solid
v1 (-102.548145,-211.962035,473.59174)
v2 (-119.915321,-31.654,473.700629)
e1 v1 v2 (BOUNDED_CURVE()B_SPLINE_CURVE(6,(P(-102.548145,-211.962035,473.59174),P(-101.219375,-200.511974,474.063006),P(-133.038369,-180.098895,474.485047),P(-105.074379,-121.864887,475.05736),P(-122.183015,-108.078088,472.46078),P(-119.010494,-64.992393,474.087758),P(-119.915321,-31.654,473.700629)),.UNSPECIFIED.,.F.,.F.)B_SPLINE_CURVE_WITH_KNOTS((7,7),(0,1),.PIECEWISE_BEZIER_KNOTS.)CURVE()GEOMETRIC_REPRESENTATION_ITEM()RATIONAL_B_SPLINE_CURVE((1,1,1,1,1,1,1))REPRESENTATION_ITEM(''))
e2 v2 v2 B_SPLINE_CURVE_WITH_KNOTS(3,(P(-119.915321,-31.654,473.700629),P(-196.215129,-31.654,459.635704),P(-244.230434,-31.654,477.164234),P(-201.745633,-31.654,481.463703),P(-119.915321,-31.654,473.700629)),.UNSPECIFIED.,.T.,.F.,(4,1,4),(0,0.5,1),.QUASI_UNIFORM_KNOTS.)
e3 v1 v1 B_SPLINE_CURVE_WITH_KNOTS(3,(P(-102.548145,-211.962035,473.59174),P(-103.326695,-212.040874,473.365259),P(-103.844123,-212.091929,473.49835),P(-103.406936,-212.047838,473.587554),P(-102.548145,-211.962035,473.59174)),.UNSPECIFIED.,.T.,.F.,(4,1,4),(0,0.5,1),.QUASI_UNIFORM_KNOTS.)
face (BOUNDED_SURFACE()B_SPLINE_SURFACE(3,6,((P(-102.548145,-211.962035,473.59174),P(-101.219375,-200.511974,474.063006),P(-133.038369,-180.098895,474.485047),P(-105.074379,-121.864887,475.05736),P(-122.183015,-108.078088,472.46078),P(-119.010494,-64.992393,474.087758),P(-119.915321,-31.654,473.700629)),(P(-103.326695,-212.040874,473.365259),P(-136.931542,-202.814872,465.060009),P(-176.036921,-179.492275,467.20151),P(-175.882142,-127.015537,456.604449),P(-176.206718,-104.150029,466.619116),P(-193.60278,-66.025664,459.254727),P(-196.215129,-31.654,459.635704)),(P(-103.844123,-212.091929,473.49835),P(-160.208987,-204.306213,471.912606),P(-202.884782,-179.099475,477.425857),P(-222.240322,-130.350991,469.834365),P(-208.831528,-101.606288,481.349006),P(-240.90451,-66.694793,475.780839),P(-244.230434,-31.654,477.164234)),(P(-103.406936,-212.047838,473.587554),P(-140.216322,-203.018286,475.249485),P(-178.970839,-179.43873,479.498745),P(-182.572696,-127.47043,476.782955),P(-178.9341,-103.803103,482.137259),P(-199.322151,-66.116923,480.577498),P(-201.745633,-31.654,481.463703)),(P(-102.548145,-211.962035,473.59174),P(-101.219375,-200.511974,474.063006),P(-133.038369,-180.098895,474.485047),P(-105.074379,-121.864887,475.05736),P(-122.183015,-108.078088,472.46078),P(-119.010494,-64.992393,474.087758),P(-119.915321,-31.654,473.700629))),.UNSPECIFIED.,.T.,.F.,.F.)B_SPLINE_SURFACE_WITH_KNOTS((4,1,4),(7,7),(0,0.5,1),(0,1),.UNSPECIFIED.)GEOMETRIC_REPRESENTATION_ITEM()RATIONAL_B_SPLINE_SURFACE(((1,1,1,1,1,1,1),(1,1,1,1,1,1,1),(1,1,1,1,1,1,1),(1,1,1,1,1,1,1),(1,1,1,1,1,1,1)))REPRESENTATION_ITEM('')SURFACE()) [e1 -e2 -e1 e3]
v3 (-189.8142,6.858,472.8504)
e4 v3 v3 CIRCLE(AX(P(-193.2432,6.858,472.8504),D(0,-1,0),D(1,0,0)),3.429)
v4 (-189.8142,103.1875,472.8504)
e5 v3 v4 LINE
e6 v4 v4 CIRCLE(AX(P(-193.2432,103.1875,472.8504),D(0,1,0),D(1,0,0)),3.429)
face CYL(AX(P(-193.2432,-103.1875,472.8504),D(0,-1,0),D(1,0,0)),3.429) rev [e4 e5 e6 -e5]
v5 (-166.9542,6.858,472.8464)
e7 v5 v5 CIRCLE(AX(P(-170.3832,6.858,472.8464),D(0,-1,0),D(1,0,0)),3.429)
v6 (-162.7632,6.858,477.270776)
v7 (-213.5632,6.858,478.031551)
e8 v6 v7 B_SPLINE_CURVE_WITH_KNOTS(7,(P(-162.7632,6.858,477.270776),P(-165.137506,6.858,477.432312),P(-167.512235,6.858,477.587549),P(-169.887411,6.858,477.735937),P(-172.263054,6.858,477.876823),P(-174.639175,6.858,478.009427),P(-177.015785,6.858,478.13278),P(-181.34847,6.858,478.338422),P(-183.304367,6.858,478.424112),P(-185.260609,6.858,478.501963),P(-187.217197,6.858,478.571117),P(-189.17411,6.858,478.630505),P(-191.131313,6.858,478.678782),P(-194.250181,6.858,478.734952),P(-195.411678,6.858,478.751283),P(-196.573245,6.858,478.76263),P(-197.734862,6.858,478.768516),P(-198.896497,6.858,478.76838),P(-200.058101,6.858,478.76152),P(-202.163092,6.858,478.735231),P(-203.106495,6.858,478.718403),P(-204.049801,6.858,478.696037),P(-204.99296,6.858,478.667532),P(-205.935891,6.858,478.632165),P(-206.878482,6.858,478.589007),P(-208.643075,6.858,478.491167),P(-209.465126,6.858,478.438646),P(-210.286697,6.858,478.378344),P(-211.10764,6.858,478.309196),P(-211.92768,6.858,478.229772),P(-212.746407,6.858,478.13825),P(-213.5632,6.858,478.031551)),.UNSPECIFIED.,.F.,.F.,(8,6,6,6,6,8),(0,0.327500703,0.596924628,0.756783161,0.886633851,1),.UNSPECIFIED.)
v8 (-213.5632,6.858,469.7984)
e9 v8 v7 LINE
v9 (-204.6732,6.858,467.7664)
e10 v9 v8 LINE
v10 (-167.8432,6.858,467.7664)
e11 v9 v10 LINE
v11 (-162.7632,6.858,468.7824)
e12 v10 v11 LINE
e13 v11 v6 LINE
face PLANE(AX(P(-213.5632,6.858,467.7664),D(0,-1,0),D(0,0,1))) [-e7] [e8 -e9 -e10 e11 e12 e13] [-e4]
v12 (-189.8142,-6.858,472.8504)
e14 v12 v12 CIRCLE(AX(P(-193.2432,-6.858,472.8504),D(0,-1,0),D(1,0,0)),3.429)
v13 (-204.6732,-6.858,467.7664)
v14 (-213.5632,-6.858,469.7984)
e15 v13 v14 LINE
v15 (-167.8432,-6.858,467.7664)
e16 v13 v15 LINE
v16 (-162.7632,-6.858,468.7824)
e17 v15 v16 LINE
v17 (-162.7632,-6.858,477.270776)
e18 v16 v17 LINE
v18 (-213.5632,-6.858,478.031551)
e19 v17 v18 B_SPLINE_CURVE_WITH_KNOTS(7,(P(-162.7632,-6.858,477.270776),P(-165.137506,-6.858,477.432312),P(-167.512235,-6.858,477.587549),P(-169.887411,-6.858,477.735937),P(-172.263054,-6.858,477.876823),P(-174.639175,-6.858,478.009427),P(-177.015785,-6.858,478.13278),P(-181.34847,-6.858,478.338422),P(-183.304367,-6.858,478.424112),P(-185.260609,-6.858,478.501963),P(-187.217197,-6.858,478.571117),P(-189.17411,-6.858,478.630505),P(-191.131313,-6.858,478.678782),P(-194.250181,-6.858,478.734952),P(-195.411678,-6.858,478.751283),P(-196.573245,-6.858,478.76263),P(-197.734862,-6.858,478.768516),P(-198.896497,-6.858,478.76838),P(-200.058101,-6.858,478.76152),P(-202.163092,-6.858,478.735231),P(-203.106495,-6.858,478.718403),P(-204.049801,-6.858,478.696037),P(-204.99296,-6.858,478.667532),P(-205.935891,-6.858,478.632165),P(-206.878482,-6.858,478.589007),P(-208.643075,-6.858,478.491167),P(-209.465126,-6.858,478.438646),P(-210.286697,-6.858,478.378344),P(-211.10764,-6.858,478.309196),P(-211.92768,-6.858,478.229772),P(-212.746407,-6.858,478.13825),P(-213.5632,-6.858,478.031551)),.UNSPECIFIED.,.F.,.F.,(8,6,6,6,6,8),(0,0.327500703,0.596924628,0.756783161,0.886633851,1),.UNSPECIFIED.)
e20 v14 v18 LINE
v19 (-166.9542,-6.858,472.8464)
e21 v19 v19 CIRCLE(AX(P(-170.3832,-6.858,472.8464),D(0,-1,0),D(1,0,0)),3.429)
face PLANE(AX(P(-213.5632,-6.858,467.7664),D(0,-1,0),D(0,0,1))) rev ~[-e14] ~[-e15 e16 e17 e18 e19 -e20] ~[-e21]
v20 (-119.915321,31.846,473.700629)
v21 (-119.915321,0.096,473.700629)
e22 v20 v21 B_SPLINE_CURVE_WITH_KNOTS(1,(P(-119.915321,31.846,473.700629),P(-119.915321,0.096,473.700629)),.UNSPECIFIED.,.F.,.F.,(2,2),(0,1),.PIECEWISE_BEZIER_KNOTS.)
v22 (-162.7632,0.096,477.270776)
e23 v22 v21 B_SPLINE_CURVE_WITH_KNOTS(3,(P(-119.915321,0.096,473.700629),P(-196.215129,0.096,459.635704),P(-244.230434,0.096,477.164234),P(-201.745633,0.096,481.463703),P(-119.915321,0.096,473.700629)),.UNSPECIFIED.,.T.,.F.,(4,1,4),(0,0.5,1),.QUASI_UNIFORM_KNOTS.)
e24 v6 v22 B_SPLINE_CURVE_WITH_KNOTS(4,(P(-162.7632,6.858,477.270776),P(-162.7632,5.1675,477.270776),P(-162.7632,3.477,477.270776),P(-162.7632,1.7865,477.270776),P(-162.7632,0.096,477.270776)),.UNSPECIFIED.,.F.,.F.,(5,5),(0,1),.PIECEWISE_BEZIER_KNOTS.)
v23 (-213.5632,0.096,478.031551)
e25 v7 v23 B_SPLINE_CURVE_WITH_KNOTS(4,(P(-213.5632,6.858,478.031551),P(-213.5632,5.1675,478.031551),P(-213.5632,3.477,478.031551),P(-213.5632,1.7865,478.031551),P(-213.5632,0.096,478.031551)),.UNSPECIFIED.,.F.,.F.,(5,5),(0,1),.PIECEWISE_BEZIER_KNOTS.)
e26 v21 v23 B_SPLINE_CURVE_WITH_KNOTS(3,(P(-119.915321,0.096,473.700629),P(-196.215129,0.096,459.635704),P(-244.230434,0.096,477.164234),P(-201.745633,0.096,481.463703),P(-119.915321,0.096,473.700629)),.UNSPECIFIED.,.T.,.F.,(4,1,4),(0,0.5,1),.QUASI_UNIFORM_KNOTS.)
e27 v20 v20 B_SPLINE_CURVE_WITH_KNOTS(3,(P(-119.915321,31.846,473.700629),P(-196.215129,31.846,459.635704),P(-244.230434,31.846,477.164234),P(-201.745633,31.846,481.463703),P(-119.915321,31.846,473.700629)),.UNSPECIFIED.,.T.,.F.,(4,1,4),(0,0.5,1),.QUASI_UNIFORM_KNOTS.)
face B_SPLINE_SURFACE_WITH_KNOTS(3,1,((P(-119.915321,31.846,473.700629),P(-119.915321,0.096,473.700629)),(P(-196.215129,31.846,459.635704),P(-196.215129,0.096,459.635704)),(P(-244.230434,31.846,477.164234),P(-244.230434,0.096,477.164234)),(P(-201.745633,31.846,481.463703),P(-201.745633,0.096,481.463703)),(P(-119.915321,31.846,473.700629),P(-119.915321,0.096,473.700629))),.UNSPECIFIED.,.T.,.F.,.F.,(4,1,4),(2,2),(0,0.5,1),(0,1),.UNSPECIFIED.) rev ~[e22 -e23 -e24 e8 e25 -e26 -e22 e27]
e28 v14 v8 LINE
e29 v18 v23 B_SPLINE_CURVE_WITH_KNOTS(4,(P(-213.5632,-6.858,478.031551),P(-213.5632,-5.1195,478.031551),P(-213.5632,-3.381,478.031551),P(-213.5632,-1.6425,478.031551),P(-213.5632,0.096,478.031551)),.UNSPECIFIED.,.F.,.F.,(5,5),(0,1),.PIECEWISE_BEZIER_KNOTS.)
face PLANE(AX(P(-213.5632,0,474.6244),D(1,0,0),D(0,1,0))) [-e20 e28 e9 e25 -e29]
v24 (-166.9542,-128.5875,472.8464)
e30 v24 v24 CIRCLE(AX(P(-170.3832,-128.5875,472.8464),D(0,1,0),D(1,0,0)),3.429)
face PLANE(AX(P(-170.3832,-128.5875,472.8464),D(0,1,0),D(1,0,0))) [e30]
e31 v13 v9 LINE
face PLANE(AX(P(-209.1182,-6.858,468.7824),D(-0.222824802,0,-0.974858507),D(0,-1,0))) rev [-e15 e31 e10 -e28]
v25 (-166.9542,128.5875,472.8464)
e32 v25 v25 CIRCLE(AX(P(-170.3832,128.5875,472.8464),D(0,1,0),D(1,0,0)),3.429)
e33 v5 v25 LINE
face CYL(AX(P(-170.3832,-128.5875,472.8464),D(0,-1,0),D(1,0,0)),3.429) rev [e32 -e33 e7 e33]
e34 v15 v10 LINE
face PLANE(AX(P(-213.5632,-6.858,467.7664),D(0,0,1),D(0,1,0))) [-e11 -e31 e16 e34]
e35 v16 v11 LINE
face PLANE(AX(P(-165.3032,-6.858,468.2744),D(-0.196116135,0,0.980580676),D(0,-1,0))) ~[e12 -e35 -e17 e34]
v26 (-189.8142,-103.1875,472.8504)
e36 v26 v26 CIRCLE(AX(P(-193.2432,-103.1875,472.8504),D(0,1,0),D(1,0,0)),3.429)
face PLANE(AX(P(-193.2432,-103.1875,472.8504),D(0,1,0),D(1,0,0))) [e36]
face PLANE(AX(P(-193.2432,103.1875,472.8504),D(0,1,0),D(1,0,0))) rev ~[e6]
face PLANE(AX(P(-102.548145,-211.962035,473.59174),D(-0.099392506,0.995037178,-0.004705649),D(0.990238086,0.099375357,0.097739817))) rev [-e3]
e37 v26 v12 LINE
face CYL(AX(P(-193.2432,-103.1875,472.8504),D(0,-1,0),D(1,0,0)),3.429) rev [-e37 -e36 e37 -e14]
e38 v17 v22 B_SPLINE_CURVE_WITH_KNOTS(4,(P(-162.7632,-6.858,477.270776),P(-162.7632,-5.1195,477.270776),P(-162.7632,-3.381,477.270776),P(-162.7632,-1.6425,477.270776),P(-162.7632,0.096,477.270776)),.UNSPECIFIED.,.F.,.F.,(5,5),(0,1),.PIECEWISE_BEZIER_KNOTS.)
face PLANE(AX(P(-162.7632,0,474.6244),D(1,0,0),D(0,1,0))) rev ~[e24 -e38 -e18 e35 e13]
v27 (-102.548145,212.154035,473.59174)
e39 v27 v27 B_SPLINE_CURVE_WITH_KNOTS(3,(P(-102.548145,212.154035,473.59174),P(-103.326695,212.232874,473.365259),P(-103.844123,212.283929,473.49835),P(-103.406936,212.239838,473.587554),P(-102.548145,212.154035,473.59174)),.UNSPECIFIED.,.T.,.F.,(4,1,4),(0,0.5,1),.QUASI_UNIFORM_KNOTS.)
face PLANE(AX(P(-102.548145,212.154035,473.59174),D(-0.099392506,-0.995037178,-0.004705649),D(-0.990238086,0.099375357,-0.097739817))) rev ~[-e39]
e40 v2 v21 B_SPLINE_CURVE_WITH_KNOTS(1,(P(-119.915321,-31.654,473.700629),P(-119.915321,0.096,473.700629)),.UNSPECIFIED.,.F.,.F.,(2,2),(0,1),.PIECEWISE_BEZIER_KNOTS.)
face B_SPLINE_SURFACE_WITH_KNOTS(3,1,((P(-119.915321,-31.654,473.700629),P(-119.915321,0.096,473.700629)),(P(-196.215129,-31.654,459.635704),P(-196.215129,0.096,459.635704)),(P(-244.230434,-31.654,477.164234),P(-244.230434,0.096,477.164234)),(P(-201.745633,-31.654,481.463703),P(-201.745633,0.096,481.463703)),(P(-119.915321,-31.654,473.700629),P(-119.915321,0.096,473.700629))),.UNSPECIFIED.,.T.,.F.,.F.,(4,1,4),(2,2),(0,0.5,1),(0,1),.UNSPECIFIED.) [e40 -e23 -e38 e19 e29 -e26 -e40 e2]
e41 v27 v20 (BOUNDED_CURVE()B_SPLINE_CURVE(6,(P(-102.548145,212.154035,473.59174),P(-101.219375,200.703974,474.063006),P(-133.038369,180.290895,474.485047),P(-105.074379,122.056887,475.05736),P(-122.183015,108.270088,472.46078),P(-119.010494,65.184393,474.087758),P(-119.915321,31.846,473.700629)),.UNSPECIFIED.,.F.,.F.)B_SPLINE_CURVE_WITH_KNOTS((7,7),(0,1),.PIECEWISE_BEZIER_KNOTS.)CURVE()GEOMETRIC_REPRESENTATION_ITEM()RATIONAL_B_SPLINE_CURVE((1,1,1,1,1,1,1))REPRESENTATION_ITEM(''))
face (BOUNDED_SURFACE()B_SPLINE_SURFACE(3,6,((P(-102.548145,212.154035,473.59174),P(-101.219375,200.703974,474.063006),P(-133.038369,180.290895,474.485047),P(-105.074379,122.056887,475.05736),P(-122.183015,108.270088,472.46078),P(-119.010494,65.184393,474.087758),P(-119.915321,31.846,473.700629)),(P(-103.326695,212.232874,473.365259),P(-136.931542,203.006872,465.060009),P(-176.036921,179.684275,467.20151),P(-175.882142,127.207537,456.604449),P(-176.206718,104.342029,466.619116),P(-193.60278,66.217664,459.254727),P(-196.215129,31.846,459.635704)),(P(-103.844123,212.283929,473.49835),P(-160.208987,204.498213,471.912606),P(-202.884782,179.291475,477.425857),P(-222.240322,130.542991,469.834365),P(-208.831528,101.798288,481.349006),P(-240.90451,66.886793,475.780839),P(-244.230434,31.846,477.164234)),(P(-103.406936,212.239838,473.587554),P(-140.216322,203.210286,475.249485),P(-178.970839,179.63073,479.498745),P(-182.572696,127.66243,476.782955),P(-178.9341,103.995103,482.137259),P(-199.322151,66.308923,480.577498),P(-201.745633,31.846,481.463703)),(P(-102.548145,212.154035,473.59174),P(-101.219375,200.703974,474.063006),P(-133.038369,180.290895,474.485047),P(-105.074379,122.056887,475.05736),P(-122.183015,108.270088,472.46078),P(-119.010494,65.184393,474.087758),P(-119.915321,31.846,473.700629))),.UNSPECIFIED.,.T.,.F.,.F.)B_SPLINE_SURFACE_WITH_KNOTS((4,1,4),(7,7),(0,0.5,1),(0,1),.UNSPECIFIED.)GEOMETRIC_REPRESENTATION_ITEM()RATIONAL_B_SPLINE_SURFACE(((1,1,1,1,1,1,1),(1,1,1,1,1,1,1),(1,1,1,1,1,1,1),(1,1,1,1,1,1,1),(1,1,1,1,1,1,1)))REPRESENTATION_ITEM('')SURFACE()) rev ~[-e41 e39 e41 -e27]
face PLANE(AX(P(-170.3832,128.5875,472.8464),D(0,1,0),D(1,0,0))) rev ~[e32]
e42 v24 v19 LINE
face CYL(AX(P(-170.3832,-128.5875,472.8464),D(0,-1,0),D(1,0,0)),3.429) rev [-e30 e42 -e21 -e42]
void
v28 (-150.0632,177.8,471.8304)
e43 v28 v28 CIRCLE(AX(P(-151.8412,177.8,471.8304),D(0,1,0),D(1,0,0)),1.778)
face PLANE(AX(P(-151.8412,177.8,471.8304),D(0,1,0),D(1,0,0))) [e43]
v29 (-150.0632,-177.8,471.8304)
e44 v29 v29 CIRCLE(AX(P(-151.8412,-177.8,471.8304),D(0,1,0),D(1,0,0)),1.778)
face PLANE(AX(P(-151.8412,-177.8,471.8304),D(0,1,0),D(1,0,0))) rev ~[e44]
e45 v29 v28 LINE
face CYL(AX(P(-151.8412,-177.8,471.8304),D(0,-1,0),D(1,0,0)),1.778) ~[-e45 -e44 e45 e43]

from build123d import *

# Parameters (mm, degrees)
CYLINDER058_R                     = 3.429
CYLINDER058_DEPTH                 = 257.175
CYLINDER057_R                     = 3.429
CYLINDER057_DEPTH                 = 206.375
SKETCH086_W                       = 13.716
SKETCH086_H                       = 13.716
PAD043_DEPTH                      = 50.8
CHAMFER003_SIZE2                  = 2.032
CHAMFER003_SIZE                   = 8.89
CHAMFER004_SIZE2                  = 1.016
CHAMFER004_SIZE                   = 5.08
BODY058_PLACEMENT_ANGLE           = 90
CYLINDER059_R                     = 1.778
CYLINDER059_DEPTH                 = 355.6
PART_MIRRORING002_PLACEMENT_ANGLE = 180
FUSION016_PLACEMENT_ANGLE         = 179
CLONE003_SCALE_SCALE              = 0.5
CLONE003_PLACEMENT_ANGLE          = 4


with BuildPart() as cylinder058:
    # Cylinder058 → Cylinder058 (new body)
    with BuildSketch(Plane(origin=(182.88, -128.5875, 906.272), x_dir=(1, 0, 0), z_dir=(0, 1, 0))):
        Circle(CYLINDER058_R)
    extrude(amount=CYLINDER058_DEPTH)


with BuildPart() as cylinder057:
    # Cylinder057 → Cylinder057 (new body)
    with BuildSketch(Plane(origin=(160.02, -103.1875, 906.276), x_dir=(1, 0, 0), z_dir=(0, 1, 0))):
        Circle(CYLINDER057_R)
    extrude(amount=CYLINDER057_DEPTH)


with BuildPart() as body058:
    # Sketch086 → Pad043 (new body)
    with BuildSketch(Plane.XZ):
        with Locations((6.858, -6.858)):
            Rectangle(SKETCH086_W, SKETCH086_H)
    extrude(amount=PAD043_DEPTH)

    # Chamfer003
    chamfer003_edges = [body058.edges().sort_by_distance(p)[0] for p in [
        (6.858, 0, -13.716),
    ]]
    chamfer003_side = body058.faces().sort_by_distance((6.858, -25.4, -13.716))[0]
    chamfer(chamfer003_edges, length=CHAMFER003_SIZE, length2=CHAMFER003_SIZE2, reference=chamfer003_side)

    # Chamfer004
    chamfer004_edges = [body058.edges().sort_by_distance(p)[0] for p in [
        (6.858, -50.8, -13.716),
    ]]
    chamfer004_side = body058.faces().sort_by_distance((6.858, -29.845, -13.716))[0]
    chamfer(chamfer004_edges, length=CHAMFER004_SIZE, length2=CHAMFER004_SIZE2, reference=chamfer004_side)


with BuildPart() as body058_1:
    # Body058 placement: moved
    add(body058.part.moved(Location((139.7, -6.858, 914.908))).rotate(Axis((139.7, -6.858, 914.908), (0, 0, 1)), BODY058_PLACEMENT_ANGLE))


with BuildPart() as back_wing_sub:
    # Cylinder059 → Cylinder059 (new body)
    with BuildSketch(Plane(origin=(201.422, -177.8, 905.256), x_dir=(1, 0, 0), z_dir=(0, 1, 0))):
        Circle(CYLINDER059_R)
    extrude(amount=CYLINDER059_DEPTH)

    # Fusion017: union Cylinder058, Cylinder057, Body058
    add(cylinder058.part)
    add(cylinder057.part)
    add(body058_1.part)


with BuildPart() as back_wing_sub_1:
    # Fusion017 placement: moved
    add(back_wing_sub.part.moved(Location((-353.2632, 0, -433.4256))))


with BuildPart() as additiveloft008:
    # Sketch076 → AdditiveLoft007 section 0
    with BuildSketch(Plane(origin=(-95.25, 284.48, 0), x_dir=(0.990099, 0.099504, 0.09901), z_dir=(0.09901, -0.995037, 0.009901))):
        with BuildLine():
            add(Edge.make_bspline(
                [(-0.642491, 0.016306), (0.942151, 0.395123), (1.968355, 0.0803), (1.082123, -0.056559), (-0.642491, 0.016306)],
                knots=[0, 0, 0, 0, 0.5, 1, 1, 1, 1], degree=3))
        make_face()
    # Sketch077 → AdditiveLoft007 section 1
    with BuildSketch(Plane(origin=(-88.9, 279.4, 0), x_dir=(0.996413, 0.059892, 0.059785), z_dir=(0.059785, -0.998205, 0.003587))):
        with BuildLine():
            add(Edge.make_bspline(
                [(-6.424909, 0.163064), (9.421511, 3.951227), (19.683554, 0.802995), (10.821227, -0.565587), (-6.424909, 0.163064)],
                knots=[0, 0, 0, 0, 0.5, 1, 1, 1, 1], degree=3))
        make_face()
    # Sketch078 → AdditiveLoft007 section 2
    with BuildSketch(Plane(origin=(-63.5, 254, 0), x_dir=(0.998403, 0.039968, 0.039936), z_dir=(0.039936, -0.999201, 0.001597))):
        with BuildLine():
            add(Edge.make_bspline(
                [(-21.416362, 0.543546), (31.405036, 13.170757), (65.611848, 2.67665), (36.070756, -1.885291), (-21.416362, 0.543546)],
                knots=[0, 0, 0, 0, 0.5, 1, 1, 1, 1], degree=3))
        make_face()
    # Sketch079 → AdditiveLoft007 section 3
    with BuildSketch(Plane(origin=(-25.4, 152.4, 0), x_dir=(0.9996, 0.019996, 0.019992), z_dir=(0.019992, -0.9998, 0.0004))):
        with BuildLine():
            add(Edge.make_bspline(
                [(-42.832724, 1.087092), (62.810073, 26.341514), (131.223696, 5.3533), (72.141512, -3.770583), (-42.832724, 1.087092)],
                knots=[0, 0, 0, 0, 0.5, 1, 1, 1, 1], degree=3))
        make_face()
    # Sketch081 → AdditiveLoft007 section 4
    with BuildSketch(Plane(origin=(-12.7, 50.8, 0), x_dir=(1, 0, 0), z_dir=(0, 1, 0))):
        with BuildLine():
            add(Edge.make_bspline(
                [(-52.011165, -1.32004), (76.269374, -31.986124), (159.34306, -6.500436), (87.600408, 4.578565), (-52.011165, -1.32004)],
                knots=[0, 0, 0, 0, 0.5, 1, 1, 1, 1], degree=3))
        make_face()
    # Sketch082 → AdditiveLoft007 section 5
    with BuildSketch(Plane(origin=(-3.81, -25.4, 0), x_dir=(1, 0, 0), z_dir=(0, 1, 0))):
        with BuildLine():
            add(Edge.make_bspline(
                [(-58.130126, -1.475339), (85.242241, -35.749197), (178.089302, -7.265193), (97.906338, 5.11722), (-58.130126, -1.475339)],
                knots=[0, 0, 0, 0, 0.5, 1, 1, 1, 1], degree=3))
        make_face()
    # Sketch080 → AdditiveLoft007 section 6
    with BuildSketch(Plane.XZ.offset(76.2)):
        with BuildLine():
            add(Edge.make_bspline(
                [(-61.189606, 1.552988), (89.728675, 37.630734), (187.462423, 7.647572), (103.059303, -5.386547), (-61.189606, 1.552988)],
                knots=[0, 0, 0, 0, 0.5, 1, 1, 1, 1], degree=3))
        make_face()
    loft()

    # Sketch080 → AdditiveLoft008 section 0
    with BuildSketch(Plane.XZ.offset(76.2)):
        with BuildLine():
            add(Edge.make_bspline(
                [(-61.189606, 1.552988), (89.728675, 37.630734), (187.462423, 7.647572), (103.059303, -5.386547), (-61.189606, 1.552988)],
                knots=[0, 0, 0, 0, 0.5, 1, 1, 1, 1], degree=3))
        make_face()
    # Sketch083 → AdditiveLoft008 section 1
    with BuildSketch(Plane(origin=(0, -139.7, 0), x_dir=(1, 0, 0), z_dir=(0, 1, 0))):
        with BuildLine():
            add(Edge.make_bspline(
                [(-61.189606, -1.552988), (89.728675, -37.630734), (187.462423, -7.647572), (103.059303, 5.386547), (-61.189606, -1.552988)],
                knots=[0, 0, 0, 0, 0.5, 1, 1, 1, 1], degree=3))
        make_face()
    loft()


with BuildPart() as part_mirroring002:
    # Part__Mirroring002: instance of AdditiveLoft008
    add(additiveloft008.part.mirror(Plane(origin=(0, 0, 0), x_dir=(0, 1, 0), z_dir=(0, 0, 1))))


with BuildPart() as part_mirroring002_1:
    # Part__Mirroring002 placement: moved
    add(part_mirroring002.part.moved(Location((0, -279.4, 0))).rotate(Axis((0, -279.4, 0), (1, 0, 0)), PART_MIRRORING002_PLACEMENT_ANGLE))


with BuildPart() as backwinghollow:
    # AdditiveLoft009 base: copy of AdditiveLoft008
    add(additiveloft008.part)

    # Sketch084 → AdditiveLoft009 section 0
    with BuildSketch(Plane.XZ.offset(76.2)):
        with BuildLine():
            add(Edge.make_bspline(
                [(-61.189606, 1.552988), (89.728675, 37.630734), (187.462423, 7.647572), (103.059303, -5.386547), (-61.189606, 1.552988)],
                knots=[0, 0, 0, 0, 0.5, 1, 1, 1, 1], degree=3))
        make_face()
    # Sketch085 → AdditiveLoft009 section 1
    with BuildSketch(Plane(origin=(0, -139.7, 0), x_dir=(1, 0, 0), z_dir=(0, 1, 0))):
        with BuildLine():
            add(Edge.make_bspline(
                [(-61.189606, -1.552988), (89.728675, -37.630734), (187.462423, -7.647572), (103.059303, 5.386547), (-61.189606, -1.552988)],
                knots=[0, 0, 0, 0, 0.5, 1, 1, 1, 1], degree=3))
        make_face()
    loft()

    # Fusion016: union Part__Mirroring002
    add(part_mirroring002_1.part)


with BuildPart() as backwinghollow_1:
    # Fusion016 placement: moved
    add(backwinghollow.part.moved(Location((-297.784486, 139.892, 951.535781))).rotate(Axis((-297.784486, 139.892, 951.535781), (0, 1, 0)), FUSION016_PLACEMENT_ANGLE))


with BuildPart() as backwinghollow_2:
    # Clone003 scale: moved
    add(backwinghollow_1.part.scale(CLONE003_SCALE_SCALE).moved(Location((-148.892243, 69.946, 475.767891))))


with BuildPart() as backwinghollow_3:
    # Clone003 placement: moved
    add(backwinghollow_2.part.moved(Location((80.255761, -69.946, -493.913017))).rotate(Axis((80.255761, -69.946, -493.913017), (0, 1, 0)), CLONE003_PLACEMENT_ANGLE))

    # Cut028: cut Back Wing Sub
    add(back_wing_sub_1.part, mode=Mode.SUBTRACT)


solid = backwinghollow_3.part
